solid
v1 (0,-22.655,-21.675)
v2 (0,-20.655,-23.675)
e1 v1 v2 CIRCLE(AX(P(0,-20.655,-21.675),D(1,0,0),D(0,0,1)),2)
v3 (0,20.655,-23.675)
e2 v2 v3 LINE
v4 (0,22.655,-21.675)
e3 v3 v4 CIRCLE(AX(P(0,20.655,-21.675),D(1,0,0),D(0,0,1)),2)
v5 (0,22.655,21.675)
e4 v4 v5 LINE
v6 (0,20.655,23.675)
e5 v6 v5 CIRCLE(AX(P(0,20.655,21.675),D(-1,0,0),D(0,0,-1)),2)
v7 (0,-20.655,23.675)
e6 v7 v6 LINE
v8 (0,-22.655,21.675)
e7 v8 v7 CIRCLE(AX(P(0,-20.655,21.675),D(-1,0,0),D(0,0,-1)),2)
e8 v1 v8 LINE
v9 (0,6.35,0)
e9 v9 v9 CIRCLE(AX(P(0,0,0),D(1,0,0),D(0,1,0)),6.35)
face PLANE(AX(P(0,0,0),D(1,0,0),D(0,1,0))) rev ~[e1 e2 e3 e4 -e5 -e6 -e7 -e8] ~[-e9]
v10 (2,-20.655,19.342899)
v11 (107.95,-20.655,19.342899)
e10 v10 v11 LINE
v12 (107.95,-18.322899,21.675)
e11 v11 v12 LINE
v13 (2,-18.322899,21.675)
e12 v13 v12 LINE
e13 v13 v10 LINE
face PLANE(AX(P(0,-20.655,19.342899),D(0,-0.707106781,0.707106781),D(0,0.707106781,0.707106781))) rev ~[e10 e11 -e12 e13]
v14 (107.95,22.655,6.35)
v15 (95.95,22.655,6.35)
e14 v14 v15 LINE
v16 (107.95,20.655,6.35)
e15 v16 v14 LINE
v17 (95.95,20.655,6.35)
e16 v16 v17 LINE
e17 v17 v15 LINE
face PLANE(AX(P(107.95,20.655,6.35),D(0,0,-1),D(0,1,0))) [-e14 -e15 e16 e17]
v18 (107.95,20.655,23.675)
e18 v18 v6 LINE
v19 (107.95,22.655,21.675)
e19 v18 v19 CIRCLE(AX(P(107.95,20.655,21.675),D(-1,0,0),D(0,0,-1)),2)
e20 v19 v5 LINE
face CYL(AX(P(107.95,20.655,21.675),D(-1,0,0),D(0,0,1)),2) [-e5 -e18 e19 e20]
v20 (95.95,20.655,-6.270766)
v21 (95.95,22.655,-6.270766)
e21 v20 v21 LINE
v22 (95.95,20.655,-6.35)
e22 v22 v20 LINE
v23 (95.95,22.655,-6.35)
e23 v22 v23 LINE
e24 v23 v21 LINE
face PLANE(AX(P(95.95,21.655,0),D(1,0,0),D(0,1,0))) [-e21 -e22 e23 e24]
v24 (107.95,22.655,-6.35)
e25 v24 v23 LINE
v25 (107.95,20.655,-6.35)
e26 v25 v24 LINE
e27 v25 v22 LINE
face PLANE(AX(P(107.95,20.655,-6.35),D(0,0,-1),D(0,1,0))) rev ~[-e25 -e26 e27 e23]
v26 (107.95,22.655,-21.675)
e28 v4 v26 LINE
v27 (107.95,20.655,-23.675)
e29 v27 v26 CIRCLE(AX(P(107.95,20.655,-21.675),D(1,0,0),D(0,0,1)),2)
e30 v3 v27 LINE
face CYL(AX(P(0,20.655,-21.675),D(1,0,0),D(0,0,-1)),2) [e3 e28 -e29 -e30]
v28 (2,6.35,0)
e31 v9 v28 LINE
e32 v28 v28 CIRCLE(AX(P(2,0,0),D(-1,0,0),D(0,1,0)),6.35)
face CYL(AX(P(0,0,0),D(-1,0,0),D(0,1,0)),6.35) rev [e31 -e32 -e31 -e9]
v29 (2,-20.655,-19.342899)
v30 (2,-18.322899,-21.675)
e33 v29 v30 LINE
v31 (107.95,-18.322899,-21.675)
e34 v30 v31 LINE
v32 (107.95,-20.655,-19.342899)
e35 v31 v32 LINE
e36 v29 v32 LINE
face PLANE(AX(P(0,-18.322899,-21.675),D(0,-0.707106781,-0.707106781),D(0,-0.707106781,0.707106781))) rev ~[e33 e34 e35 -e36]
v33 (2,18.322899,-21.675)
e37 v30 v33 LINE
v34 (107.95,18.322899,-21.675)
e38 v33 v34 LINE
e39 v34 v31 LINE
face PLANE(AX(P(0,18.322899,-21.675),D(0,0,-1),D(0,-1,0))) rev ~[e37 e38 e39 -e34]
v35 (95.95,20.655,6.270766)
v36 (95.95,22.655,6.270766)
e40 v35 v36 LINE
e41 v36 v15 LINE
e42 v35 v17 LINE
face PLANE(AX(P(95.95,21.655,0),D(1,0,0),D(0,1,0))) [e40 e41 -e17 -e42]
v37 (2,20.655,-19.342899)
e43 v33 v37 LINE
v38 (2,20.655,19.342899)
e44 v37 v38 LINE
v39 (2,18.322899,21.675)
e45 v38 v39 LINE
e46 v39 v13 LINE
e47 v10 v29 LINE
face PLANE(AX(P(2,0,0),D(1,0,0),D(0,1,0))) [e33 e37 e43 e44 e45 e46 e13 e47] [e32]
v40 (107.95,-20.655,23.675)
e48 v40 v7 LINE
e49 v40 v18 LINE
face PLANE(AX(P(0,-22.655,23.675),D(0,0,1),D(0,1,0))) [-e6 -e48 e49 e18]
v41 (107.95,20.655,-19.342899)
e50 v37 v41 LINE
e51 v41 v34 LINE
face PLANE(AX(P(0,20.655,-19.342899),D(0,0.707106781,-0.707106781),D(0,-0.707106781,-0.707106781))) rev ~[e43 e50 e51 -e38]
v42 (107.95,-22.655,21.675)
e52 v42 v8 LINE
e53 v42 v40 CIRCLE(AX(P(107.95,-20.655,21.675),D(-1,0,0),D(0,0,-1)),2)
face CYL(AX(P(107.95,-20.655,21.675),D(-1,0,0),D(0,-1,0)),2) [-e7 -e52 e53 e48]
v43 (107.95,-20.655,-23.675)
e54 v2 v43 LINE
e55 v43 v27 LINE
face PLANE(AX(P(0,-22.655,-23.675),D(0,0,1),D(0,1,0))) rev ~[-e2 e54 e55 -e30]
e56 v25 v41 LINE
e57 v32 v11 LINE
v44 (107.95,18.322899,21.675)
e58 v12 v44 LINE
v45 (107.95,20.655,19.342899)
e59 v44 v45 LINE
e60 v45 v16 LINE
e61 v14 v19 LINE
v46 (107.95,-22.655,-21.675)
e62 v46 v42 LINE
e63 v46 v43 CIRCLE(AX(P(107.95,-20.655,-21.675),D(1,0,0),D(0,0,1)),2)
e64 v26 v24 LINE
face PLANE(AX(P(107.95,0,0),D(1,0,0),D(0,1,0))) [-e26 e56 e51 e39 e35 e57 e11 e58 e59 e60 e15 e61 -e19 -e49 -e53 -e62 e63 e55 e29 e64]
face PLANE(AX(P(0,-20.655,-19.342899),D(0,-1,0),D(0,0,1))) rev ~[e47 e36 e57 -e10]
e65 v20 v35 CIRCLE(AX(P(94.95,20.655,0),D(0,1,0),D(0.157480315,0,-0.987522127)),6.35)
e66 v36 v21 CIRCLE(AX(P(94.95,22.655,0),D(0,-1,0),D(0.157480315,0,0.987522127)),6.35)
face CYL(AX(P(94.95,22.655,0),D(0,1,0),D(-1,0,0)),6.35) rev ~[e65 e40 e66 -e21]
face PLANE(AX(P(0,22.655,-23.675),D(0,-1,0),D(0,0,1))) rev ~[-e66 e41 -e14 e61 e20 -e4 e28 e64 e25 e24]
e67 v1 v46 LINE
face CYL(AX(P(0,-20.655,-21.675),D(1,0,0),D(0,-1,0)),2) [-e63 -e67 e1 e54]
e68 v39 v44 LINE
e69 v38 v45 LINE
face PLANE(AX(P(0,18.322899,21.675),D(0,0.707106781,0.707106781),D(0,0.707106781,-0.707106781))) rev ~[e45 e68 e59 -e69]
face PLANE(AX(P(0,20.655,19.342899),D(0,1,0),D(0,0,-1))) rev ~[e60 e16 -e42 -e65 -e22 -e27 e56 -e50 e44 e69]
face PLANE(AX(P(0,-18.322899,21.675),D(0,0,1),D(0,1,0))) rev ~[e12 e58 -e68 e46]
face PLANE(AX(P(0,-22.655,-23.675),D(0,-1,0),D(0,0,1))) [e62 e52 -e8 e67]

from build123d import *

# Parameters (mm, degrees)
F1_W      = 45.31
F1_H      = 47.35
F2_DEPTH  = 2
F3_DEPTH  = 107.95
F4_R      = 6.35
F7_DEPTH  = 107.951
F8_R      = 6.35
F9_DEPTH  = 25
F10_R     = 2
F11_W     = 2
F11_H     = 12.7
F12_DEPTH = 12


with BuildPart() as f2:
    # F1 (on Right) → F2 (new body)
    with BuildSketch(Plane.YZ):
        Rectangle(F1_W, F1_H)
        Polygon((18.3228993274, 21.675), (20.655, 21.675), (20.655, 19.3428993274), (20.655, -19.3428993274), (20.655, -21.675), (18.3228993274, -21.675), (-18.3228993274, -21.675), (-20.655, -21.675), (-20.655, -19.3428993274), (-20.655, 19.3428993274), (-20.655, 21.675), (-18.3228993274, 21.675), align=None, mode=Mode.SUBTRACT)
        Polygon((20.655, 19.3428993274), (18.3228993274, 21.675), (-18.3228993274, 21.675), (-20.655, 19.3428993274), (-20.655, -19.3428993274), (-18.3228993274, -21.675), (18.3228993274, -21.675), (20.655, -19.3428993274), align=None)
        Polygon((-18.3228993274, -21.675), (-20.655, -19.3428993274), (-20.655, -21.675), align=None)
        Polygon((20.655, -21.675), (20.655, -19.3428993274), (18.3228993274, -21.675), align=None)
        Polygon((20.655, 19.3428993274), (20.655, 21.675), (18.3228993274, 21.675), align=None)
        Polygon((-20.655, 19.3428993274), (-18.3228993274, 21.675), (-20.655, 21.675), align=None)
    extrude(amount=F2_DEPTH)

    # F1 (on Right) → F3 (join)
    with BuildSketch(Plane.YZ):
        Rectangle(F1_W, F1_H)
        Polygon((18.3228993274, 21.675), (20.655, 21.675), (20.655, 19.3428993274), (20.655, -19.3428993274), (20.655, -21.675), (18.3228993274, -21.675), (-18.3228993274, -21.675), (-20.655, -21.675), (-20.655, -19.3428993274), (-20.655, 19.3428993274), (-20.655, 21.675), (-18.3228993274, 21.675), align=None, mode=Mode.SUBTRACT)
        Polygon((20.655, 19.3428993274), (20.655, 21.675), (18.3228993274, 21.675), align=None)
        Polygon((20.655, -21.675), (20.655, -19.3428993274), (18.3228993274, -21.675), align=None)
        Polygon((-18.3228993274, -21.675), (-20.655, -19.3428993274), (-20.655, -21.675), align=None)
        Polygon((-20.655, 19.3428993274), (-18.3228993274, 21.675), (-20.655, 21.675), align=None)
    extrude(amount=F3_DEPTH)

    # F4 (on face) → F7 (cut, through all)
    with BuildSketch(Plane.YZ):
        Circle(F4_R)
    extrude(amount=F7_DEPTH, mode=Mode.SUBTRACT)

    # F8 (on face) → F9 (cut)
    with BuildSketch(Plane(origin=(0, 22.655, 0), x_dir=(-1, 0, 0), z_dir=(0, 1, 0))):
        with Locations((-94.95, 0)):
            Circle(F8_R)
    extrude(amount=-F9_DEPTH, mode=Mode.SUBTRACT)

    # F10
    f10_edges = [f2.edges().sort_by_distance(p)[0] for p in [
        (53.975, -22.655, 23.675),
        (53.975, 22.655, 23.675),
        (53.975, 22.655, -23.675),
        (53.975, -22.655, -23.675),
    ]]
    fillet(f10_edges, radius=F10_R)

    # F11 (on face) → F12 (cut)
    with BuildSketch(Plane.YZ.offset(107.95)):
        with Locations((21.655, 0)):
            Rectangle(F11_W, F11_H)
    extrude(amount=-F12_DEPTH, mode=Mode.SUBTRACT)


solid = f2.part
